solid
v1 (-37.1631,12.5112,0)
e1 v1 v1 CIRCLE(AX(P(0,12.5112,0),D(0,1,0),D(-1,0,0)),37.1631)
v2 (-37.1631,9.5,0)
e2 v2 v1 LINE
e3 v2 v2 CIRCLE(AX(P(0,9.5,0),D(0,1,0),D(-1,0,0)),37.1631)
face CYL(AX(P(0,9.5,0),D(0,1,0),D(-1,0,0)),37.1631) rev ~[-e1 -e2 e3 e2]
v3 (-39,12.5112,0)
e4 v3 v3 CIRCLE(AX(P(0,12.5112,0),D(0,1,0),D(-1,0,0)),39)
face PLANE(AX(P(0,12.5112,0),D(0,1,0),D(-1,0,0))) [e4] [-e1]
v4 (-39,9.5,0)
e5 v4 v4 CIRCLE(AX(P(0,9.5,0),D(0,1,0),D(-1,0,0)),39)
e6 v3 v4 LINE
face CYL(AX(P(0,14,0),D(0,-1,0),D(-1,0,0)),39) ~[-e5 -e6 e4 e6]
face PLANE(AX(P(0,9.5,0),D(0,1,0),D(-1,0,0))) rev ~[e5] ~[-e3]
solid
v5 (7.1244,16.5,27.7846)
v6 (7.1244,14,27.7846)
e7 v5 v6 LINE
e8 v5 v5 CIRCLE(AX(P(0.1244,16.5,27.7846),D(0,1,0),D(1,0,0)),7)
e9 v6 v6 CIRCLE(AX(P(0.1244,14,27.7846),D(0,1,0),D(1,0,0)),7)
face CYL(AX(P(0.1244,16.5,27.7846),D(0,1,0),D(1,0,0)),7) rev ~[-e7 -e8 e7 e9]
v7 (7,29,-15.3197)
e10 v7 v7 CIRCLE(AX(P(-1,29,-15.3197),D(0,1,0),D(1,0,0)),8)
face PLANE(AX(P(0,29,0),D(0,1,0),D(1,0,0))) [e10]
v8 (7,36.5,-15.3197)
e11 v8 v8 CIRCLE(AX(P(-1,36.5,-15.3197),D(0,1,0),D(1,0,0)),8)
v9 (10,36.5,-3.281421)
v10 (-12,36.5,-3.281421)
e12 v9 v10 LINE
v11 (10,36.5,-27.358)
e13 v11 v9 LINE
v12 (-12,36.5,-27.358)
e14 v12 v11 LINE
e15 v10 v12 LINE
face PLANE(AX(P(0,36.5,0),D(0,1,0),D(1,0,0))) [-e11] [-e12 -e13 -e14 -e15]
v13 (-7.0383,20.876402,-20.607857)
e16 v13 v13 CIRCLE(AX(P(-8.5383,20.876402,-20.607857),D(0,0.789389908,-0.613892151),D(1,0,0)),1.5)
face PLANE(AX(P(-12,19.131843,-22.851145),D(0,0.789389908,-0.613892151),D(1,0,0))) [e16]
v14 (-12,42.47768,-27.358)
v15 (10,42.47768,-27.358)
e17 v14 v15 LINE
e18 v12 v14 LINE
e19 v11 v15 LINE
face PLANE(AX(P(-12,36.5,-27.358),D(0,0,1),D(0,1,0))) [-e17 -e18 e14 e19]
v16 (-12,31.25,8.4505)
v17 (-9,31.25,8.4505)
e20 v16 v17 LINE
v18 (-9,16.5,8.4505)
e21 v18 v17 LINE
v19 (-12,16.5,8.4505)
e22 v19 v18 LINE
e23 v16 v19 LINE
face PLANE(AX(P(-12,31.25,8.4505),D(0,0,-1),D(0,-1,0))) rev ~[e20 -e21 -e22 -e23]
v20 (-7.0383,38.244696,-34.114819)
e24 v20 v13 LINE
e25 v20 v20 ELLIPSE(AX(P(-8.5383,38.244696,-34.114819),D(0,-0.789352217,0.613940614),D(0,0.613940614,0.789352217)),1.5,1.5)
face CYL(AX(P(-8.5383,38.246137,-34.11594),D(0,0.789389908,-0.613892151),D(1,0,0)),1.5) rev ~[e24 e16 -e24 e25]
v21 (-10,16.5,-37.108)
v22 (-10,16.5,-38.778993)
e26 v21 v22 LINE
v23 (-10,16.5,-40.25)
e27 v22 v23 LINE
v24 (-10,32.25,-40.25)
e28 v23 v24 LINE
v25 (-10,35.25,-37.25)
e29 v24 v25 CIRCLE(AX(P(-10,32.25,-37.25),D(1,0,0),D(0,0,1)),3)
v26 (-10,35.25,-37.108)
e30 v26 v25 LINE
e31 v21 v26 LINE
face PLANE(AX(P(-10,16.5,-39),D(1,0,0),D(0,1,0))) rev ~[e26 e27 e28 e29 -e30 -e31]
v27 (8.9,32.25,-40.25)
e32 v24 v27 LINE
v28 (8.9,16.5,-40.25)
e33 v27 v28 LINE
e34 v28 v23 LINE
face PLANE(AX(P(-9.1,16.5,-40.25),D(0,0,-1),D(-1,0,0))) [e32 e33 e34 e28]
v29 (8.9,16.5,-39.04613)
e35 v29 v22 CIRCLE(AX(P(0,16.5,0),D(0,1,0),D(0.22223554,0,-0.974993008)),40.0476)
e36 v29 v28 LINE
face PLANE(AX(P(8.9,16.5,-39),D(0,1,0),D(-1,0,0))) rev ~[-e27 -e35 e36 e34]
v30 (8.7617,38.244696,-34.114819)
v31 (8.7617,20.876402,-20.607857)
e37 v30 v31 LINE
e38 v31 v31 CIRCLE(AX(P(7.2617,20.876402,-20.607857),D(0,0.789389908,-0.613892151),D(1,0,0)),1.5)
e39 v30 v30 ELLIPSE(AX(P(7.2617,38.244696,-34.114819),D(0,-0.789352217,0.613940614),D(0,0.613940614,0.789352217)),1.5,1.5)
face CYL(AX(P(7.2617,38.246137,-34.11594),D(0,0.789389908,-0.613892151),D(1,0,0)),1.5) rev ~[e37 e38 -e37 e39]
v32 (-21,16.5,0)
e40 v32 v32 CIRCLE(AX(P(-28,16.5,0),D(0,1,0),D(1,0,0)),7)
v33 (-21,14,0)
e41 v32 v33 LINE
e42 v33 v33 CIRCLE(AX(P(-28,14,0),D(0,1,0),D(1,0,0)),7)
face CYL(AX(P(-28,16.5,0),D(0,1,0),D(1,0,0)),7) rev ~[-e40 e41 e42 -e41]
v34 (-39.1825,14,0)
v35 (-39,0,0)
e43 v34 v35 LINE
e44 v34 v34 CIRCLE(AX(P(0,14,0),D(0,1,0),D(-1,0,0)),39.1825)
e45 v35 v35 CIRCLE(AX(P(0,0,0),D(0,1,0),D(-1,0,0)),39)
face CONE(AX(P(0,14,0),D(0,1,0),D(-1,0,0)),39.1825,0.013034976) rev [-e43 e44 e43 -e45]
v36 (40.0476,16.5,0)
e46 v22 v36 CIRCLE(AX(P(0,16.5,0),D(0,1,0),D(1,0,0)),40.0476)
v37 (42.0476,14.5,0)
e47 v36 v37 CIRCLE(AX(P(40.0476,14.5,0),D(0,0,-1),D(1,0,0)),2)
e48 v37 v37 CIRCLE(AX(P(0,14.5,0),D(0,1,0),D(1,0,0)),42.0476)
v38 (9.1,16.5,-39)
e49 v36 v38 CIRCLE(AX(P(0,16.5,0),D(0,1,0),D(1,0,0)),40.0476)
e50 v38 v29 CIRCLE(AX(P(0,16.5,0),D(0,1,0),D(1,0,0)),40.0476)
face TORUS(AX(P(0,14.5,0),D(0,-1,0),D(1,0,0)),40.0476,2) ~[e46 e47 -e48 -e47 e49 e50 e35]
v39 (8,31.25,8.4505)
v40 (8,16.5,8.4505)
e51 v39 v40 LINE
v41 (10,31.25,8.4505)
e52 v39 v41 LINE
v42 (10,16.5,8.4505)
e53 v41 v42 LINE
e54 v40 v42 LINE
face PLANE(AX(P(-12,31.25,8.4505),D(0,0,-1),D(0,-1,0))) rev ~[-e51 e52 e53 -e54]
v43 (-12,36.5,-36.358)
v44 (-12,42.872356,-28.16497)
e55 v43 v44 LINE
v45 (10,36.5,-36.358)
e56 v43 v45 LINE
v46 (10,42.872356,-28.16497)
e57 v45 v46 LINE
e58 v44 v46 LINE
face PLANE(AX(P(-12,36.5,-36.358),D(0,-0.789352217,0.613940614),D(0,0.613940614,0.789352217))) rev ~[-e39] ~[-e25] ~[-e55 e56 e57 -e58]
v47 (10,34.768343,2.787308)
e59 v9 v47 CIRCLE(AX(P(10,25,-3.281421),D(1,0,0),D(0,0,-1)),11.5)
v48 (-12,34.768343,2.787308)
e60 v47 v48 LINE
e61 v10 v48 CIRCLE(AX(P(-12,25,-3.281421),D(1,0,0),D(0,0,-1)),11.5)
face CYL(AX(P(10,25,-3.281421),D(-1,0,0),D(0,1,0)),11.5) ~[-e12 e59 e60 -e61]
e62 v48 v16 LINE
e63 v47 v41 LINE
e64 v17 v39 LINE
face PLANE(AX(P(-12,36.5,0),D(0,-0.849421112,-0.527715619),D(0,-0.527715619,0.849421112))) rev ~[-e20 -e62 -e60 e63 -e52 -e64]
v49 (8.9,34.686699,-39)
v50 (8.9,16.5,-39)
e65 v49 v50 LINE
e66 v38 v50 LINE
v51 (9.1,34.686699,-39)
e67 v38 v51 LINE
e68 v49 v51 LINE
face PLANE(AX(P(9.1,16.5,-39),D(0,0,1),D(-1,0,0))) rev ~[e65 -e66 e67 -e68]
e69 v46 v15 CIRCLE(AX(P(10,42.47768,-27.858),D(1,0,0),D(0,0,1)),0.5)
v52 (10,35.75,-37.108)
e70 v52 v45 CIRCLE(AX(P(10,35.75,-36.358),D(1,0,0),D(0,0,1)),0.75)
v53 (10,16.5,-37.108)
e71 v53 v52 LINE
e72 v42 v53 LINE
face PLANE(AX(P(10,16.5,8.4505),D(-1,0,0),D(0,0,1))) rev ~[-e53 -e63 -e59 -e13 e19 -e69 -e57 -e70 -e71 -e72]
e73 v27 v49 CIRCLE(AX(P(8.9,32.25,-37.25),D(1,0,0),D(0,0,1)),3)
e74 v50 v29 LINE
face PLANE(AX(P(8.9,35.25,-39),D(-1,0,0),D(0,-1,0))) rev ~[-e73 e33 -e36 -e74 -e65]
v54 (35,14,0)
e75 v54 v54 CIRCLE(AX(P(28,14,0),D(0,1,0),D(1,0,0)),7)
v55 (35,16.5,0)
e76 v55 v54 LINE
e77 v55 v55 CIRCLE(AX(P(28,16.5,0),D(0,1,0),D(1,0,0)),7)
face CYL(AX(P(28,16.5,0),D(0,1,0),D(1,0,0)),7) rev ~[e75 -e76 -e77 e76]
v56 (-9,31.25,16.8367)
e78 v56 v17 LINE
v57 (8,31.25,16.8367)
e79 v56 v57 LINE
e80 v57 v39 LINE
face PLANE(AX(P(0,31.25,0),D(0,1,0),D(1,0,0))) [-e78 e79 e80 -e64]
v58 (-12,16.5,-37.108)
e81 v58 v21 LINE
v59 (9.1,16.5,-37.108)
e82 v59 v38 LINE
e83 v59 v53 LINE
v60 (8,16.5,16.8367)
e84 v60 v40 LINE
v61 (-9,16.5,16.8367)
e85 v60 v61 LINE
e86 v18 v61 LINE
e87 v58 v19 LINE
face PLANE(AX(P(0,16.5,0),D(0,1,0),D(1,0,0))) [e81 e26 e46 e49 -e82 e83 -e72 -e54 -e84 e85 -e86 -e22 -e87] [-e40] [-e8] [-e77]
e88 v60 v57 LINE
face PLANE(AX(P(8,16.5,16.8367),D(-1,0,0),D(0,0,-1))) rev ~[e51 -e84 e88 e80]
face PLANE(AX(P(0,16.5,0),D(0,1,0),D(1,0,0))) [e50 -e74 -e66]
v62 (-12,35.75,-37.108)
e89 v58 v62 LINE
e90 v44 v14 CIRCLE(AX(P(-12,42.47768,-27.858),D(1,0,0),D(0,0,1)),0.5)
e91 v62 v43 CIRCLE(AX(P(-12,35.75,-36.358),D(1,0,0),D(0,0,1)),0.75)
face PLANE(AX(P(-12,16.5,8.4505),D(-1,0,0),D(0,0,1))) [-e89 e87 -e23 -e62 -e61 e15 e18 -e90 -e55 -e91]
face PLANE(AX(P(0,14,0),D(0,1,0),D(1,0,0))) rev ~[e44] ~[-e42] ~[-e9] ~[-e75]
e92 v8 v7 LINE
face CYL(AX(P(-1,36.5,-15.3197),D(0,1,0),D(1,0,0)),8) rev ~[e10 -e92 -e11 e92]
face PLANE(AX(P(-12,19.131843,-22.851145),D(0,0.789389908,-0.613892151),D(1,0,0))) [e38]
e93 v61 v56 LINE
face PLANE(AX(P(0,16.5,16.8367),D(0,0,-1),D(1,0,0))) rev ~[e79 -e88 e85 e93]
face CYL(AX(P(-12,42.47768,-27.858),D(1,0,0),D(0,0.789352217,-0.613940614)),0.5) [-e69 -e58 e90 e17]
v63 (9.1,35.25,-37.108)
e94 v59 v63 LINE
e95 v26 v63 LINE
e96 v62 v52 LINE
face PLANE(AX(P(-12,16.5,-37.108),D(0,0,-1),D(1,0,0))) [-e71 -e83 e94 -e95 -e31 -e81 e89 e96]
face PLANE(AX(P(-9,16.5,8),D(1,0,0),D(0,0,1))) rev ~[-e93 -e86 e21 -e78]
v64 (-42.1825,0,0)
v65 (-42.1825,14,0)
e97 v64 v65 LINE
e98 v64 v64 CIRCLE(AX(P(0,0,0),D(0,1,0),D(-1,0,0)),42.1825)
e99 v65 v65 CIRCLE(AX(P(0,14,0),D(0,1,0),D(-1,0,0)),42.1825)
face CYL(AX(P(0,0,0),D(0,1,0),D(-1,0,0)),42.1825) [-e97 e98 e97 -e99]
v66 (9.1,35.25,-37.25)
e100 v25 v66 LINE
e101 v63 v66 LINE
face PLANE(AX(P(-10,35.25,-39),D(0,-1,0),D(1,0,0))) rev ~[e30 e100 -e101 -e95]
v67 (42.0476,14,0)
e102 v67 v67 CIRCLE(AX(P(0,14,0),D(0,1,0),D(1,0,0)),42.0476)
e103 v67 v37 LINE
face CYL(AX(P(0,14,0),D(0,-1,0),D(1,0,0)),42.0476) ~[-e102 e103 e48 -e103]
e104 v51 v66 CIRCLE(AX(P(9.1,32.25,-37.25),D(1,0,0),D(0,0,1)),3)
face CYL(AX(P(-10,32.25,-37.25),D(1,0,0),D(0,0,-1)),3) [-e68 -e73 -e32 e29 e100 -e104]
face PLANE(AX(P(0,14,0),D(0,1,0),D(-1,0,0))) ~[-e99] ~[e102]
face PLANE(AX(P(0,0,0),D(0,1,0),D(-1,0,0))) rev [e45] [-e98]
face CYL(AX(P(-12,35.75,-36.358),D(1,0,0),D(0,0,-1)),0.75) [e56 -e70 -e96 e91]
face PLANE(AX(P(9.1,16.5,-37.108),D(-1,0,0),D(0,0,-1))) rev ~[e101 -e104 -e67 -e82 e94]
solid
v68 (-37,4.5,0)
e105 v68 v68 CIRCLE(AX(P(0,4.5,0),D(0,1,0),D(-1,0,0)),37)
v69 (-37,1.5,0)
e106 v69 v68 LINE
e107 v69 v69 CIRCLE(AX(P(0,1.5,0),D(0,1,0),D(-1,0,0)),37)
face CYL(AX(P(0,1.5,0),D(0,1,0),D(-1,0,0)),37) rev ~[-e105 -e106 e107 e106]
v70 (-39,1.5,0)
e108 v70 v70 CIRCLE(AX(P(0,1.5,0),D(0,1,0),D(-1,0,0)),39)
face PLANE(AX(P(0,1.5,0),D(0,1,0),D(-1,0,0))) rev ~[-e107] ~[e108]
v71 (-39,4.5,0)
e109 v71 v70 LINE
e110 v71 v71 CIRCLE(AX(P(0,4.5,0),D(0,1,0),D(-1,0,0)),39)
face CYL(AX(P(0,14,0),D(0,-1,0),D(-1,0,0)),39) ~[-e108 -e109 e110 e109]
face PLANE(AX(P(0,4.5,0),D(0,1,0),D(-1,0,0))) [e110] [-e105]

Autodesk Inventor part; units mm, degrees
ref_plane "YZ Plane" through (0, 0, 0) normal (1, 0, 0) x (0, 1, 0)
ref_plane "XZ Plane" through (0, 0, 0) normal (0, 1, 0) x (-1, 0, 0)
ref_plane "XY Plane" through (0, 0, 0) normal (0, 0, 1) x (1, 0, 0)
sketch "Sketch1" plane through (0, 0, 0) normal (0, 0, 1) x (1, 0, 0)
  line L0 (0, 0) -> (0, 14)
  line L1 (0, 14) -> (-39.1825, 14)
  line L2 (-39.1825, 14) -> (-39, 0)
  line L3 (-39.1825, 14) -> (-42.1825, 14)
  line L4 (-42.1825, 14) -> (-39, 14)
  line L5 (-39, 14) -> (-39, 0)
  line L6 (-39, 0) -> (-42.1825, 0)
  line L7 (-42.1825, 0) -> (-42.1825, 14)
  line L8 (-39, 0) -> (-39, 5)
  line L9 (-39, 5) -> (-39, 9)
  line L10 (-39, 5) -> (-39, 4.5)
  line L11 (-39, 4.5) -> (-39, 1.5)
  line L12 (-39, 9) -> (-39, 9.5)
  line L13 (-39, 9.5) -> (-39, 12.5)
  line L14 (-39.1631, 12.5112) -> (-37.1631, 12.5112)
  line L15 (-39, 4.5) -> (-37, 4.5)
  line L16 (-37.1631, 12.5112) -> (-39, 12.5112)
  line L17 (-39, 12.5112) -> (-39, 9.5)
  line L18 (-39, 9.5) -> (-37.1631, 9.5)
  line L19 (-37.1631, 9.5) -> (-37.1631, 12.5112)
  line L20 (-37, 4.5) -> (-39, 4.5)
  line L21 (-39, 4.5) -> (-39, 1.5)
  line L22 (-39, 1.5) -> (-37, 1.5)
  line L23 (-37, 1.5) -> (-37, 4.5)
  dimension "d0" = 14
  dimension "d2" = 39.1825
  dimension "d3" = 3
  dimension "d4" = 5
  dimension "d5" = 4
  dimension "d6" = 0.5
  dimension "d7" = 3
  dimension "d8" = 0.5
  dimension "d9" = 3
  dimension "d10" = 2
  dimension "d11" = 2
revolve "Revolution1" add sketch "Sketch1" angle 360 about axis through (0, 0, 0) along (0, 1, 0) contours L2 L6 L7 L3 | L14 L19 L18 L5 | L5 L15 L23 L22
sketch "Sketch2" plane through (0, 14, 0) normal (0, 1, 0) x (1, 0, 0)
  circle A0 centre (0, 0) radius 42.0476
extrude "Extrusion1" add sketch "Sketch2" along normal blind 2.5
sketch "Sketch3" plane through (0, 16.5, 0) normal (0, 1, 0) x (1, 0, 0)
  line L0 (0, 0) -> (0, -39)
  circle A0 centre (0, 0) radius 39 projected
  line L1 (0, 0) -> (10, 0)
  line L2 (0, 0) -> (-10, 0)
  line L3 (10, 0) -> (10, 33)
  line L4 (5, 0) -> (5, -8)
  line L5 (-5, 0) -> (-5, -8)
  line L6 (10, 0) -> (-12, 0)
  line L7 (-12, 0) -> (-12, 37.108)
  line L8 (-12, 37.108) -> (10, 37.108)
  line L9 (10, 37.108) -> (10, 0)
  line L10 (5, 0) -> (10, 0)
  line L11 (-5, 0) -> (-12, 0)
  line L12 (8, 0) -> (8, -8)
  line L13 (-8.5, 0) -> (-8.5, -8)
  line L14 (8, -8) -> (-9, -8)
  line L15 (-9, -8) -> (-9, -16.8367)
  line L16 (-9, -16.8367) -> (8, -16.8367)
  line L17 (8, -16.8367) -> (8, -8)
  dimension "d15" = 10
  dimension "d16" = 10
extrude "Extrusion2" add sketch "Sketch3" along normal blind 20 contours L2 L6 L7 L8 L9 L3 L1 | L14 L17 L16 L0 | L0 L16 L15 L14
sketch "Sketch4" plane through (0, 36.5, 0) normal (0, 1, 0) x (1, 0, 0)
  line L0 (-9, -8) -> (8, -8) projected
  line L1 (-9, -16.8367) -> (-9, -8) projected
  line L2 (8, -8) -> (-9, -8)
  line L3 (-9, -8) -> (-9, -16.8367)
  line L4 (-9, -16.8367) -> (8, -16.8367)
  line L5 (8, -16.8367) -> (8, -8)
  point P0 (0, 0)
extrude "Extrusion3" cut sketch "Sketch4" against normal blind 5.25
sketch "Sketch5" plane through (-12, 16.5, -37.108) normal (-1, 0, 0) x (0, 0, 1)
  line L0 (37.108, 20) -> (45.5585, 14.75)
  line L1 (45.5585, 14.75) -> (45.5585, 0)
  line L2 (37.108, 0) -> (0, 0) projected
  line L3 (45.5585, 0) -> (37.108, 0)
  line L4 (37.108, 0) -> (37.108, 20)
  point P0 (37.108, -16.5)
extrude "Extrusion4" add sketch "Sketch5" against normal blind 22
fillet "Fillet1" radius 2 1 edges at (-42.0476, 16.5, 0)
sketch "Sketch6" plane through (0, 16.5, 0) normal (0, 1, 0) x (1, 0, 0)
  circle A0 centre (0, 0) radius 40.0476 projected
  line L0 (-12, 37.108) -> (10, 37.108) projected
  line L1 (9.1, 39) -> (-10, 39)
  line L2 (-10, 39) -> (-10, 37.108)
  line L3 (-10, 37.108) -> (9.1, 37.108)
  line L4 (9.1, 37.108) -> (9.1, 39)
  line L5 (9.1, 39) -> (-10, 39)
  line L6 (-10, 39) -> (-10, 36.6014)
  line L7 (-10, 36.6014) -> (9.1, 36.6014)
  line L8 (9.1, 36.6014) -> (9.1, 39)
extrude "Extrusion5" add sketch "Sketch6" along normal blind 18.75 contours L4 L0 L2 A0 L1 | L2 L1 A0
sketch "Sketch7" plane through (-9.1, 16.5, -39) normal (0, 0, -1) x (-1, 0, 0)
  line L0 (0.9, 0) -> (0.9, 18.75) projected
  line L1 (0.9, 18.75) -> (-18, 18.75)
  line L2 (-18, 18.75) -> (-18, 0)
  line L3 (-18, 0) -> (0.9, 0)
  line L4 (0.9, 0) -> (0.9, 18.75)
  point P0 (-9.1, -16.5)
extrude "Extrusion6" add sketch "Sketch7" along normal blind 1.25
fillet "Fillet2" radius 3 1 edges at (-0.55, 35.25, -40.25)
fillet "Fillet3" radius 0.75 1 edges at (-1, 36.5, -37.108)
sketch "Sketch8" plane through (-12, 16.5, 8.4505) normal (-1, 0, 0) x (0, 0, 1)
  arc A0 (-44.8085, 20) -> (-45.5585, 19.25) centre (-44.8085, 19.25) ccw projected
  line L0 (-45.5585, 0) -> (-45.5585, 19.25) projected
  line L1 (-44.8085, 20) -> (-35.8085, 20)
  line L2 (-8.4505, 20) -> (-44.8085, 20) projected
  line L3 (-35.8085, 20) -> (-35.8085, 27)
  line L4 (-44.8085, 20) -> (-35.8085, 27)
  point P0 (-8.4505, -16.5)
  dimension "d32" = 9
  dimension "d33" = 7
extrude "Extrusion7" add sketch "Sketch8" against normal blind 22
fillet "Fillet4" radius 0.5 1 edges at (-1, 43.5, -27.358)
sketch "Sketch9" plane through (-12, 36.5, -36.358) normal (0, 0.7894, -0.6139) x (1, 0, 0)
  line L0 (21.9896, 0) -> (0, 0)
  line L1 (0, 0) -> (0, -11)
  line L2 (0, -11) -> (21.9896, -11)
  line L3 (21.9896, -11) -> (21.9896, 0)
  line L4 (0, 0) -> (22, 0) projected
  line L5 (0, -23.0909) -> (0, 12.8708) projected
  line L6 (0, -5.5) -> (21.9896, -0.3552)
  line L7 (21.9896, -5.5) -> (0, 0)
  circle A0 centre (19.2617, -2.8418) radius 1.5
  circle A1 centre (3.4617, -2.8418) radius 1.5
  point P0 (12, -6.2904)
  dimension "d41" = 3
  dimension "d42" = 3
extrude "Extrusion8" cut sketch "Sketch9" against normal blind 22 contours A0 | A1
sketch "Sketch10" plane through (0, 16.5, 0) normal (0, 1, 0) x (1, 0, 0)
  circle A0 centre (0.1244, -27.7846) radius 7
  circle A1 centre (0, 0) radius 40.0476
  circle A2 centre (24, 14) radius 7
  circle A3 centre (-24.1244, 13.7846) radius 7
  circle A4 centre (28, 0) radius 7
  circle A5 centre (-28, 0) radius 7
  dimension "d45" = 14
  dimension "d48" = 360
  dimension "d50" = 14
  dimension "d51" = 14
extrude "Extrusion9" cut sketch "Sketch10" against normal blind 22 contours A0 | A4 | A5
fillet "Fillet5" radius 11.5 1 edges at (-1, 36.5, 0)
sketch "Sketch11" plane through (0, 36.5, 0) normal (0, 1, 0) x (1, 0, 0)
  line L0 (10, 27.358) -> (-12, 27.358) projected
  line L1 (-12, -8.4505) -> (-12, 37.108) projected
  circle A0 centre (-1, 15.3197) radius 8
  point P0 (0, 0)
  point P1 (10, 3.2814)
  point P2 (-12, 3.2814)
  dimension "d56" = 16
extrude "Extrusion10" cut sketch "Sketch11" against normal blind 7.5
properties part number "UR5 Palm" material "Aluminum 6061-AHC"
